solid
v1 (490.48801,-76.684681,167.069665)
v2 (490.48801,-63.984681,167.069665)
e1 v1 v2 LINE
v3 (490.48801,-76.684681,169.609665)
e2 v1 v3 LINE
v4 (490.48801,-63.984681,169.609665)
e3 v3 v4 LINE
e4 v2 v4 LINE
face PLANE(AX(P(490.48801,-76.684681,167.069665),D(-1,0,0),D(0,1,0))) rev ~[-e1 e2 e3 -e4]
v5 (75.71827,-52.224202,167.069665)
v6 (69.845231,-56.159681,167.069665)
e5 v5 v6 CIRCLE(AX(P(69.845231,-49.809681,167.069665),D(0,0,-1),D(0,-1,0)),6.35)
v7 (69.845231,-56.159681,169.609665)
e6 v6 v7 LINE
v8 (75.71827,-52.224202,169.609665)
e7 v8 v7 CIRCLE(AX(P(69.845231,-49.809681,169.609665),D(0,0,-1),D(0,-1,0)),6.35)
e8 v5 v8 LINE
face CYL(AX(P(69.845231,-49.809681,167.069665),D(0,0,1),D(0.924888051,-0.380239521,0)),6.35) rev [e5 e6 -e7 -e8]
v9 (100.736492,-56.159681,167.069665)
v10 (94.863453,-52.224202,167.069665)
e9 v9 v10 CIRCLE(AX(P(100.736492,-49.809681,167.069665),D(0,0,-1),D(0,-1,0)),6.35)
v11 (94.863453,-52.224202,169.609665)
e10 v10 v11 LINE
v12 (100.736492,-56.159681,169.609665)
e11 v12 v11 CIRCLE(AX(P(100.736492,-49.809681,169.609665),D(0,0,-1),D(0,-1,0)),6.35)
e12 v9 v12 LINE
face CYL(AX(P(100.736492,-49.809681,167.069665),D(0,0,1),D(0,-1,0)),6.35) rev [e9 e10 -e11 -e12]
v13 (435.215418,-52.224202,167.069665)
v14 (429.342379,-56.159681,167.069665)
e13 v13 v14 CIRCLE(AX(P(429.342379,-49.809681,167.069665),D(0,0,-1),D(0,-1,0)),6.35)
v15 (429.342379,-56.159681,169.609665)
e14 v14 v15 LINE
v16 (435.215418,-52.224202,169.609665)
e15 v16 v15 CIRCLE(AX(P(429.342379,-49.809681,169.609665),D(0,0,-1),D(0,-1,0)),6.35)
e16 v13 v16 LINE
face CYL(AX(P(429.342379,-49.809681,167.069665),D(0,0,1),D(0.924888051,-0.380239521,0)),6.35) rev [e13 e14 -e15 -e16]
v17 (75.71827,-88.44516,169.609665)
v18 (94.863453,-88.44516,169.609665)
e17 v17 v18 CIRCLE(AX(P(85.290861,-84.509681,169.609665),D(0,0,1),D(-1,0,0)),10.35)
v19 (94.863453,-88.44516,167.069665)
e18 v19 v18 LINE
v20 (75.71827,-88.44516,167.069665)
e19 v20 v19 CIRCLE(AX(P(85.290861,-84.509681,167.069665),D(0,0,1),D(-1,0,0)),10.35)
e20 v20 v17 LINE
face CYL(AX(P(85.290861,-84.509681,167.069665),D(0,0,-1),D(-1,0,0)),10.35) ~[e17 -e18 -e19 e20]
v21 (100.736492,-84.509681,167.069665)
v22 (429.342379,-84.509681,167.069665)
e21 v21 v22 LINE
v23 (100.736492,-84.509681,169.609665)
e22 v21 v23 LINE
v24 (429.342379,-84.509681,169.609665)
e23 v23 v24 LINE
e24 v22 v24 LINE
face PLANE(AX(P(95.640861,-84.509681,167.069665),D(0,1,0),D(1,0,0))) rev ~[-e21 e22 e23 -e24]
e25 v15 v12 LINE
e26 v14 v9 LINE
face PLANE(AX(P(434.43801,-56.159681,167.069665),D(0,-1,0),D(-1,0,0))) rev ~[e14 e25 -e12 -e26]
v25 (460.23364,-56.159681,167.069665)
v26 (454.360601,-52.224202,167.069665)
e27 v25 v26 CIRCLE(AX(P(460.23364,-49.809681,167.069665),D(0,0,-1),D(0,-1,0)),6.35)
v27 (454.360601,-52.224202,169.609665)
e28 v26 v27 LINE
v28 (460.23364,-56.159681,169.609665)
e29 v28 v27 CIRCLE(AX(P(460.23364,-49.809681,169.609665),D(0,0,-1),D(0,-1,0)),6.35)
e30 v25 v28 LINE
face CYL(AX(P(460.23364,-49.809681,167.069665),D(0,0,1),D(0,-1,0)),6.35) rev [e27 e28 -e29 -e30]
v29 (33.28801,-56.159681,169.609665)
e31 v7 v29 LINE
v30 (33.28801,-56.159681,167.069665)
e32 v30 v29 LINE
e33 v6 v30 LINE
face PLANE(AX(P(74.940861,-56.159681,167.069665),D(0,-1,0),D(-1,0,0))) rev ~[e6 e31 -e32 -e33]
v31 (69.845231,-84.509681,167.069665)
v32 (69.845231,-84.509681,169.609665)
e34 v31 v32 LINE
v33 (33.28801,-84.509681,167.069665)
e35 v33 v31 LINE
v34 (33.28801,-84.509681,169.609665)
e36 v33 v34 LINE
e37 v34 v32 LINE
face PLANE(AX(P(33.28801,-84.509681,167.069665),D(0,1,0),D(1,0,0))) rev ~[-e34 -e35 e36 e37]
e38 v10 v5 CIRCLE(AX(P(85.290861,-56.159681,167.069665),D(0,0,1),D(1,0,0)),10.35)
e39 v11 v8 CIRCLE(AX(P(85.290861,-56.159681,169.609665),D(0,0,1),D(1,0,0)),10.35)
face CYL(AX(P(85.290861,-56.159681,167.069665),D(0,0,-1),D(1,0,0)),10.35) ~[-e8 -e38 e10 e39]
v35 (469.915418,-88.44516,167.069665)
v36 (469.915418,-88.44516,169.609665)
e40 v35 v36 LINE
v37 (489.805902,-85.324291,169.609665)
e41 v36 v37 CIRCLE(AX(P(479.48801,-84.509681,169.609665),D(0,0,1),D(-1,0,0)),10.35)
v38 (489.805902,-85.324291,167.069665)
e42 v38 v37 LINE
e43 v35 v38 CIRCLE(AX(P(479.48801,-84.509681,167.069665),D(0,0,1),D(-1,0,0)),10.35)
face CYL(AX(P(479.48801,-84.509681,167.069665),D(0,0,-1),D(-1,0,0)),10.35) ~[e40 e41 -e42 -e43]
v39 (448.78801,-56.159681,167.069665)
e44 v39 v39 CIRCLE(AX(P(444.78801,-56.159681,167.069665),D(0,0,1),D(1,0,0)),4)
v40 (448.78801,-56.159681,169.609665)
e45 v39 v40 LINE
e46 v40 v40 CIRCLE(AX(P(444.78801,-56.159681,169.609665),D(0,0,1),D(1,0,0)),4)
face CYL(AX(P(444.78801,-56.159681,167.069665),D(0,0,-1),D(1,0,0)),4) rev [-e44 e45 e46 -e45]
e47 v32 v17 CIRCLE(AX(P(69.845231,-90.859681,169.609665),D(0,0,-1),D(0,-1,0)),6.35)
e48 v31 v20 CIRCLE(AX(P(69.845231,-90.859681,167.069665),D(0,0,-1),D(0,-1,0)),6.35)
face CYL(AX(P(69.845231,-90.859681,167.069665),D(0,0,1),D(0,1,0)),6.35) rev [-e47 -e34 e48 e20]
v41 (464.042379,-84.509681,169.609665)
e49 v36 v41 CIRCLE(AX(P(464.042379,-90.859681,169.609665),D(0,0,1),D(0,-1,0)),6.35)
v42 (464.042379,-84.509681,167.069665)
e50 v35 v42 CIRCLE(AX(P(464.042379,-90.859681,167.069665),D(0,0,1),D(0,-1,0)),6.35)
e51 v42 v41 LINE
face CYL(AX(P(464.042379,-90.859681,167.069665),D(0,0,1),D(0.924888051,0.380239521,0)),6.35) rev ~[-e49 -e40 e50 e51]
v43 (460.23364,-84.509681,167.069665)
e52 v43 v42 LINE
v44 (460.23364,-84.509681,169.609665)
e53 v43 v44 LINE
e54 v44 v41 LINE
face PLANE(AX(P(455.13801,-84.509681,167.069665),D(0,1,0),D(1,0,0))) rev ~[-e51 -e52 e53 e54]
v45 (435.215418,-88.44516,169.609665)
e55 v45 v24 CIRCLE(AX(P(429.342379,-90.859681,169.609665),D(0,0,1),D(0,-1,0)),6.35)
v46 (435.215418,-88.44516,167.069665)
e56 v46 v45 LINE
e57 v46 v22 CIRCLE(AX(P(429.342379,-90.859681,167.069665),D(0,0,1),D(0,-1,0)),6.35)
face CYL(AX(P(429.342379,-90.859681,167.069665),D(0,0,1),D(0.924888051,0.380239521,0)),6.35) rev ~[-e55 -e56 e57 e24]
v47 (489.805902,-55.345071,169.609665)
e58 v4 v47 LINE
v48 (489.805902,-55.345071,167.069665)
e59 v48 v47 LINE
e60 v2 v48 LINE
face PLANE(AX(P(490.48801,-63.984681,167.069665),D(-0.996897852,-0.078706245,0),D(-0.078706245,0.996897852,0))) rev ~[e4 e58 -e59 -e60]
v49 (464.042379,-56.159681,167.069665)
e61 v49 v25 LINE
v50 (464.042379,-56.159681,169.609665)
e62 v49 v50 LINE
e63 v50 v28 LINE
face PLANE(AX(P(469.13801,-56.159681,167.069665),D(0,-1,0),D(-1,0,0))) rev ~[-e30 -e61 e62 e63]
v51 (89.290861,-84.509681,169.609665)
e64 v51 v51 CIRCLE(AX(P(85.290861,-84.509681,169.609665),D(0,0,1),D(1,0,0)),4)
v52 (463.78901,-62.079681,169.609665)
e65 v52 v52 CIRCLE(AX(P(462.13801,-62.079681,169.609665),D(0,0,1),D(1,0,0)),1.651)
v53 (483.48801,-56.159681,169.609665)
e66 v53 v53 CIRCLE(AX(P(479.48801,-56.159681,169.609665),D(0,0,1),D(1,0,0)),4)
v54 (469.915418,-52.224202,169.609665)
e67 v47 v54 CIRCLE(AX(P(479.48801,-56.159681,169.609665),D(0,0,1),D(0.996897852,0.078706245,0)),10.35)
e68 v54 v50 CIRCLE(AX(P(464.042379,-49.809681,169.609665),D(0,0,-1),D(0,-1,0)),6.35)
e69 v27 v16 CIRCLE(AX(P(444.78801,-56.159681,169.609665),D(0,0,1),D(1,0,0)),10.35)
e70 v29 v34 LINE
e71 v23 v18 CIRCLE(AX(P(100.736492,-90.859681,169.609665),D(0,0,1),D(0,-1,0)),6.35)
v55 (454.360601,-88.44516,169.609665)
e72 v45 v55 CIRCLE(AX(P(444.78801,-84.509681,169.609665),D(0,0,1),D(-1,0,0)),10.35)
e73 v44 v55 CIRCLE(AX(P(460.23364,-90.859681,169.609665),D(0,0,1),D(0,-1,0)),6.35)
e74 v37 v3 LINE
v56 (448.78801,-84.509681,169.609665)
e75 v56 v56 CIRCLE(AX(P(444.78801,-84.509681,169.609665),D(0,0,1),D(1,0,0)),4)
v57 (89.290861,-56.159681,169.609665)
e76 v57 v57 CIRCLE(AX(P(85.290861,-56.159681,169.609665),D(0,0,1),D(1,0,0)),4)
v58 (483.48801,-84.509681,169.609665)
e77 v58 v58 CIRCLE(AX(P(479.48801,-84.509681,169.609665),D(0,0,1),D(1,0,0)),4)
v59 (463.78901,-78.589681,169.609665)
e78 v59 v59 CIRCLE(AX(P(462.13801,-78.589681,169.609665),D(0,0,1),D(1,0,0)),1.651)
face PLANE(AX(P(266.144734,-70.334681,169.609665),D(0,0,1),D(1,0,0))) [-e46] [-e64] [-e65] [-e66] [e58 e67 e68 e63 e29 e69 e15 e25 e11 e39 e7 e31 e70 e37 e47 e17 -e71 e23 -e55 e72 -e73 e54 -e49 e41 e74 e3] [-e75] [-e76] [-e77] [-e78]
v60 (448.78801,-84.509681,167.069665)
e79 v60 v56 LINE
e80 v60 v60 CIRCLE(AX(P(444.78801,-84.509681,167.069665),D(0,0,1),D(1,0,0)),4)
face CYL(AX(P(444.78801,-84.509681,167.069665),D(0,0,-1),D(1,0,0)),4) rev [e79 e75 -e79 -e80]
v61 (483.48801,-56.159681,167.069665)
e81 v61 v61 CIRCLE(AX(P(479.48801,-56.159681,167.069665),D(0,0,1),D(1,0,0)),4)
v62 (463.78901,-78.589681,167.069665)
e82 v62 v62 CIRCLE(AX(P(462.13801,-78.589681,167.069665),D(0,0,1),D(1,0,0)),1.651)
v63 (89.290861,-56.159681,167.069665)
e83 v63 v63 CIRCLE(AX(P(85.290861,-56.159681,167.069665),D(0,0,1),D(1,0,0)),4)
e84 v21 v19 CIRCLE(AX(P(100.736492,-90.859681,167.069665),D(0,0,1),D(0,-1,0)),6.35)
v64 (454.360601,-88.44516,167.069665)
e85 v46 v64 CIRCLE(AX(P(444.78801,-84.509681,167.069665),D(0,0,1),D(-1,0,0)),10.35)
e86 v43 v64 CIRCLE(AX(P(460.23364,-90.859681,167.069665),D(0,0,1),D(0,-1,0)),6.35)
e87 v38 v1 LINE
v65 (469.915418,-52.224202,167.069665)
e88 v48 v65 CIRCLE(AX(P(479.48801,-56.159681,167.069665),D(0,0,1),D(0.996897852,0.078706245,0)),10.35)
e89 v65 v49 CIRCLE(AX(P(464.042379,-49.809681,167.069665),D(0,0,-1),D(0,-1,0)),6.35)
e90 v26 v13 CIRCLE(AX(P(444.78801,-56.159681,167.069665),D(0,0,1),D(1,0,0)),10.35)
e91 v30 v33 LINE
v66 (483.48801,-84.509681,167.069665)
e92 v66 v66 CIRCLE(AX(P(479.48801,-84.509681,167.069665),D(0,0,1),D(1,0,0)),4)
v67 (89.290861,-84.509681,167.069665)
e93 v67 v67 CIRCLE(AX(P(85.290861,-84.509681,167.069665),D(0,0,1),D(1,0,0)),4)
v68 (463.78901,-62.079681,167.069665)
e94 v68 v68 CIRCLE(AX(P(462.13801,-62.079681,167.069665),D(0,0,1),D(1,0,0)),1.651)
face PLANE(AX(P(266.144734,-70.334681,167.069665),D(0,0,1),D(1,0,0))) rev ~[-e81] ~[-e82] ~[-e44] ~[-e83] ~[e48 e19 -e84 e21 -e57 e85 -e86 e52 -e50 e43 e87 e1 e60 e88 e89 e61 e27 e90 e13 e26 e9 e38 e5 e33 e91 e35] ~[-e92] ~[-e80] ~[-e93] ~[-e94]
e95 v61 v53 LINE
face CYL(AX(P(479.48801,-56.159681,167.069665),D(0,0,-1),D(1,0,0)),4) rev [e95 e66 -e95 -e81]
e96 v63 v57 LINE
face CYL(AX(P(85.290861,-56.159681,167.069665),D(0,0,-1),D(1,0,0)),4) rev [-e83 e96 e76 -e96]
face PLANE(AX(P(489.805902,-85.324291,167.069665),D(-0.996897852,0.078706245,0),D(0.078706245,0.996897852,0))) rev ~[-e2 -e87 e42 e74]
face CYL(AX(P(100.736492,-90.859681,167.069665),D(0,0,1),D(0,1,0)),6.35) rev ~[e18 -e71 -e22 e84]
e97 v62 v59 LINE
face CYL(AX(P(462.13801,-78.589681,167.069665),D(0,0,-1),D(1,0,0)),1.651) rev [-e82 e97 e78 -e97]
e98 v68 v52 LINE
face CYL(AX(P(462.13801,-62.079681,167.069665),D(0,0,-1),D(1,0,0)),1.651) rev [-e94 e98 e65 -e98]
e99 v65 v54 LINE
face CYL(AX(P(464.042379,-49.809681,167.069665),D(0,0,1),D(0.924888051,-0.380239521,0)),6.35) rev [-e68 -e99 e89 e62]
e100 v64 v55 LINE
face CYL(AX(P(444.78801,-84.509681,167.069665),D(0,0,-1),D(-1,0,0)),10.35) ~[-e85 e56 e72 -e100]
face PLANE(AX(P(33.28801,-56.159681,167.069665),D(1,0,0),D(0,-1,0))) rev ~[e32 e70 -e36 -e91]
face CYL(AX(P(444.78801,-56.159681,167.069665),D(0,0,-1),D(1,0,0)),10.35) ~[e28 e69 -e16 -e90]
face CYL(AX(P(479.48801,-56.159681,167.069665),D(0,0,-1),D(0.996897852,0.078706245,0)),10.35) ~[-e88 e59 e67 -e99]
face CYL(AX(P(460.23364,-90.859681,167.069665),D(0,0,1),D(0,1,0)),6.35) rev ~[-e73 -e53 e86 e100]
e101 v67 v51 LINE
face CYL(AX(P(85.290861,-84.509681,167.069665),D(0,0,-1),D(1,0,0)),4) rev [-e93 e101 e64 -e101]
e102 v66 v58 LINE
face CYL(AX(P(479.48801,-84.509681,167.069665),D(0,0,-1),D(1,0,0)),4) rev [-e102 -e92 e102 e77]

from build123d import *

# Parameters (mm, degrees)
SKETCH2_R           = 4
SKETCH2_R_2         = 1.651
BOSS_EXTRUDE1_DEPTH = 2.54
FILLET2_R           = 6.35


with BuildPart() as part:
    # Sketch2 → Boss-Extrude1 (new body)
    with BuildSketch(Plane(origin=(33.288009597, -76.684680992, 167.069664602), x_dir=(1, 0, 0), z_dir=(0, 0, 1))):
        with BuildLine():
            ThreePointArc((456.517892766, 21.339609639), (445.792378932, 30.866970077), (435.85, 20.525))
            Line((435.85, 20.525), (421.85, 20.525))
            ThreePointArc((421.85, 20.525), (411.5, 30.875), (401.15, 20.525))
            Line((401.15, 20.525), (62.352851741, 20.525))
            ThreePointArc((62.352851741, 20.525), (52.002851741, 30.875), (41.652851741, 20.525))
            Line((41.652851741, 20.525), (0, 20.525))
            Line((0, 20.525), (0, -7.825))
            Line((0, -7.825), (41.652851741, -7.825))
            ThreePointArc((41.652851741, -7.825), (52.002851741, -18.175), (62.352851741, -7.825))
            Line((62.352851741, -7.825), (401.15, -7.825))
            ThreePointArc((401.15, -7.825), (411.5, -18.175), (421.85, -7.825))
            Line((421.85, -7.825), (435.85, -7.825))
            ThreePointArc((435.85, -7.825), (445.792378932, -18.166970077), (456.517892766, -8.639609639))
            Line((456.517892766, -8.639609639), (457.2, 0))
            Line((457.2, 0), (457.2, 12.7))
            Line((457.2, 12.7), (456.517892766, 21.339609639))
        make_face()
        with Locations((52.002851741, -7.825)):
            Circle(SKETCH2_R, mode=Mode.SUBTRACT)
        with Locations((411.5, -7.825)):
            Circle(SKETCH2_R, mode=Mode.SUBTRACT)
        with Locations((428.85, -1.905)):
            Circle(SKETCH2_R_2, mode=Mode.SUBTRACT)
        with Locations((52.002851741, 20.525)):
            Circle(SKETCH2_R, mode=Mode.SUBTRACT)
        with Locations((428.85, 14.605)):
            Circle(SKETCH2_R_2, mode=Mode.SUBTRACT)
        with Locations((411.5, 20.525)):
            Circle(SKETCH2_R, mode=Mode.SUBTRACT)
        with Locations((446.2, 20.525)):
            Circle(SKETCH2_R, mode=Mode.SUBTRACT)
        with Locations((446.2, -7.825)):
            Circle(SKETCH2_R, mode=Mode.SUBTRACT)
    extrude(amount=BOSS_EXTRUDE1_DEPTH)

    # Fillet2
    fillet2_edges = [part.edges().sort_by_distance(p)[0] for p in [
        (95.640861339, -84.509680992, 168.339664602),
        (74.940861339, -84.509680992, 168.339664602),
        (74.940861339, -56.159680992, 168.339664602),
        (95.640861339, -56.159680992, 168.339664602),
        (434.438009597, -56.159680992, 168.339664602),
        (455.138009597, -56.159680992, 168.339664602),
        (469.138009597, -56.159680992, 168.339664602),
        (469.138009597, -84.509680992, 168.339664602),
        (455.138009597, -84.509680992, 168.339664602),
        (434.438009597, -84.509680992, 168.339664602),
    ]]
    fillet(fillet2_edges, radius=FILLET2_R)


solid = part.part
